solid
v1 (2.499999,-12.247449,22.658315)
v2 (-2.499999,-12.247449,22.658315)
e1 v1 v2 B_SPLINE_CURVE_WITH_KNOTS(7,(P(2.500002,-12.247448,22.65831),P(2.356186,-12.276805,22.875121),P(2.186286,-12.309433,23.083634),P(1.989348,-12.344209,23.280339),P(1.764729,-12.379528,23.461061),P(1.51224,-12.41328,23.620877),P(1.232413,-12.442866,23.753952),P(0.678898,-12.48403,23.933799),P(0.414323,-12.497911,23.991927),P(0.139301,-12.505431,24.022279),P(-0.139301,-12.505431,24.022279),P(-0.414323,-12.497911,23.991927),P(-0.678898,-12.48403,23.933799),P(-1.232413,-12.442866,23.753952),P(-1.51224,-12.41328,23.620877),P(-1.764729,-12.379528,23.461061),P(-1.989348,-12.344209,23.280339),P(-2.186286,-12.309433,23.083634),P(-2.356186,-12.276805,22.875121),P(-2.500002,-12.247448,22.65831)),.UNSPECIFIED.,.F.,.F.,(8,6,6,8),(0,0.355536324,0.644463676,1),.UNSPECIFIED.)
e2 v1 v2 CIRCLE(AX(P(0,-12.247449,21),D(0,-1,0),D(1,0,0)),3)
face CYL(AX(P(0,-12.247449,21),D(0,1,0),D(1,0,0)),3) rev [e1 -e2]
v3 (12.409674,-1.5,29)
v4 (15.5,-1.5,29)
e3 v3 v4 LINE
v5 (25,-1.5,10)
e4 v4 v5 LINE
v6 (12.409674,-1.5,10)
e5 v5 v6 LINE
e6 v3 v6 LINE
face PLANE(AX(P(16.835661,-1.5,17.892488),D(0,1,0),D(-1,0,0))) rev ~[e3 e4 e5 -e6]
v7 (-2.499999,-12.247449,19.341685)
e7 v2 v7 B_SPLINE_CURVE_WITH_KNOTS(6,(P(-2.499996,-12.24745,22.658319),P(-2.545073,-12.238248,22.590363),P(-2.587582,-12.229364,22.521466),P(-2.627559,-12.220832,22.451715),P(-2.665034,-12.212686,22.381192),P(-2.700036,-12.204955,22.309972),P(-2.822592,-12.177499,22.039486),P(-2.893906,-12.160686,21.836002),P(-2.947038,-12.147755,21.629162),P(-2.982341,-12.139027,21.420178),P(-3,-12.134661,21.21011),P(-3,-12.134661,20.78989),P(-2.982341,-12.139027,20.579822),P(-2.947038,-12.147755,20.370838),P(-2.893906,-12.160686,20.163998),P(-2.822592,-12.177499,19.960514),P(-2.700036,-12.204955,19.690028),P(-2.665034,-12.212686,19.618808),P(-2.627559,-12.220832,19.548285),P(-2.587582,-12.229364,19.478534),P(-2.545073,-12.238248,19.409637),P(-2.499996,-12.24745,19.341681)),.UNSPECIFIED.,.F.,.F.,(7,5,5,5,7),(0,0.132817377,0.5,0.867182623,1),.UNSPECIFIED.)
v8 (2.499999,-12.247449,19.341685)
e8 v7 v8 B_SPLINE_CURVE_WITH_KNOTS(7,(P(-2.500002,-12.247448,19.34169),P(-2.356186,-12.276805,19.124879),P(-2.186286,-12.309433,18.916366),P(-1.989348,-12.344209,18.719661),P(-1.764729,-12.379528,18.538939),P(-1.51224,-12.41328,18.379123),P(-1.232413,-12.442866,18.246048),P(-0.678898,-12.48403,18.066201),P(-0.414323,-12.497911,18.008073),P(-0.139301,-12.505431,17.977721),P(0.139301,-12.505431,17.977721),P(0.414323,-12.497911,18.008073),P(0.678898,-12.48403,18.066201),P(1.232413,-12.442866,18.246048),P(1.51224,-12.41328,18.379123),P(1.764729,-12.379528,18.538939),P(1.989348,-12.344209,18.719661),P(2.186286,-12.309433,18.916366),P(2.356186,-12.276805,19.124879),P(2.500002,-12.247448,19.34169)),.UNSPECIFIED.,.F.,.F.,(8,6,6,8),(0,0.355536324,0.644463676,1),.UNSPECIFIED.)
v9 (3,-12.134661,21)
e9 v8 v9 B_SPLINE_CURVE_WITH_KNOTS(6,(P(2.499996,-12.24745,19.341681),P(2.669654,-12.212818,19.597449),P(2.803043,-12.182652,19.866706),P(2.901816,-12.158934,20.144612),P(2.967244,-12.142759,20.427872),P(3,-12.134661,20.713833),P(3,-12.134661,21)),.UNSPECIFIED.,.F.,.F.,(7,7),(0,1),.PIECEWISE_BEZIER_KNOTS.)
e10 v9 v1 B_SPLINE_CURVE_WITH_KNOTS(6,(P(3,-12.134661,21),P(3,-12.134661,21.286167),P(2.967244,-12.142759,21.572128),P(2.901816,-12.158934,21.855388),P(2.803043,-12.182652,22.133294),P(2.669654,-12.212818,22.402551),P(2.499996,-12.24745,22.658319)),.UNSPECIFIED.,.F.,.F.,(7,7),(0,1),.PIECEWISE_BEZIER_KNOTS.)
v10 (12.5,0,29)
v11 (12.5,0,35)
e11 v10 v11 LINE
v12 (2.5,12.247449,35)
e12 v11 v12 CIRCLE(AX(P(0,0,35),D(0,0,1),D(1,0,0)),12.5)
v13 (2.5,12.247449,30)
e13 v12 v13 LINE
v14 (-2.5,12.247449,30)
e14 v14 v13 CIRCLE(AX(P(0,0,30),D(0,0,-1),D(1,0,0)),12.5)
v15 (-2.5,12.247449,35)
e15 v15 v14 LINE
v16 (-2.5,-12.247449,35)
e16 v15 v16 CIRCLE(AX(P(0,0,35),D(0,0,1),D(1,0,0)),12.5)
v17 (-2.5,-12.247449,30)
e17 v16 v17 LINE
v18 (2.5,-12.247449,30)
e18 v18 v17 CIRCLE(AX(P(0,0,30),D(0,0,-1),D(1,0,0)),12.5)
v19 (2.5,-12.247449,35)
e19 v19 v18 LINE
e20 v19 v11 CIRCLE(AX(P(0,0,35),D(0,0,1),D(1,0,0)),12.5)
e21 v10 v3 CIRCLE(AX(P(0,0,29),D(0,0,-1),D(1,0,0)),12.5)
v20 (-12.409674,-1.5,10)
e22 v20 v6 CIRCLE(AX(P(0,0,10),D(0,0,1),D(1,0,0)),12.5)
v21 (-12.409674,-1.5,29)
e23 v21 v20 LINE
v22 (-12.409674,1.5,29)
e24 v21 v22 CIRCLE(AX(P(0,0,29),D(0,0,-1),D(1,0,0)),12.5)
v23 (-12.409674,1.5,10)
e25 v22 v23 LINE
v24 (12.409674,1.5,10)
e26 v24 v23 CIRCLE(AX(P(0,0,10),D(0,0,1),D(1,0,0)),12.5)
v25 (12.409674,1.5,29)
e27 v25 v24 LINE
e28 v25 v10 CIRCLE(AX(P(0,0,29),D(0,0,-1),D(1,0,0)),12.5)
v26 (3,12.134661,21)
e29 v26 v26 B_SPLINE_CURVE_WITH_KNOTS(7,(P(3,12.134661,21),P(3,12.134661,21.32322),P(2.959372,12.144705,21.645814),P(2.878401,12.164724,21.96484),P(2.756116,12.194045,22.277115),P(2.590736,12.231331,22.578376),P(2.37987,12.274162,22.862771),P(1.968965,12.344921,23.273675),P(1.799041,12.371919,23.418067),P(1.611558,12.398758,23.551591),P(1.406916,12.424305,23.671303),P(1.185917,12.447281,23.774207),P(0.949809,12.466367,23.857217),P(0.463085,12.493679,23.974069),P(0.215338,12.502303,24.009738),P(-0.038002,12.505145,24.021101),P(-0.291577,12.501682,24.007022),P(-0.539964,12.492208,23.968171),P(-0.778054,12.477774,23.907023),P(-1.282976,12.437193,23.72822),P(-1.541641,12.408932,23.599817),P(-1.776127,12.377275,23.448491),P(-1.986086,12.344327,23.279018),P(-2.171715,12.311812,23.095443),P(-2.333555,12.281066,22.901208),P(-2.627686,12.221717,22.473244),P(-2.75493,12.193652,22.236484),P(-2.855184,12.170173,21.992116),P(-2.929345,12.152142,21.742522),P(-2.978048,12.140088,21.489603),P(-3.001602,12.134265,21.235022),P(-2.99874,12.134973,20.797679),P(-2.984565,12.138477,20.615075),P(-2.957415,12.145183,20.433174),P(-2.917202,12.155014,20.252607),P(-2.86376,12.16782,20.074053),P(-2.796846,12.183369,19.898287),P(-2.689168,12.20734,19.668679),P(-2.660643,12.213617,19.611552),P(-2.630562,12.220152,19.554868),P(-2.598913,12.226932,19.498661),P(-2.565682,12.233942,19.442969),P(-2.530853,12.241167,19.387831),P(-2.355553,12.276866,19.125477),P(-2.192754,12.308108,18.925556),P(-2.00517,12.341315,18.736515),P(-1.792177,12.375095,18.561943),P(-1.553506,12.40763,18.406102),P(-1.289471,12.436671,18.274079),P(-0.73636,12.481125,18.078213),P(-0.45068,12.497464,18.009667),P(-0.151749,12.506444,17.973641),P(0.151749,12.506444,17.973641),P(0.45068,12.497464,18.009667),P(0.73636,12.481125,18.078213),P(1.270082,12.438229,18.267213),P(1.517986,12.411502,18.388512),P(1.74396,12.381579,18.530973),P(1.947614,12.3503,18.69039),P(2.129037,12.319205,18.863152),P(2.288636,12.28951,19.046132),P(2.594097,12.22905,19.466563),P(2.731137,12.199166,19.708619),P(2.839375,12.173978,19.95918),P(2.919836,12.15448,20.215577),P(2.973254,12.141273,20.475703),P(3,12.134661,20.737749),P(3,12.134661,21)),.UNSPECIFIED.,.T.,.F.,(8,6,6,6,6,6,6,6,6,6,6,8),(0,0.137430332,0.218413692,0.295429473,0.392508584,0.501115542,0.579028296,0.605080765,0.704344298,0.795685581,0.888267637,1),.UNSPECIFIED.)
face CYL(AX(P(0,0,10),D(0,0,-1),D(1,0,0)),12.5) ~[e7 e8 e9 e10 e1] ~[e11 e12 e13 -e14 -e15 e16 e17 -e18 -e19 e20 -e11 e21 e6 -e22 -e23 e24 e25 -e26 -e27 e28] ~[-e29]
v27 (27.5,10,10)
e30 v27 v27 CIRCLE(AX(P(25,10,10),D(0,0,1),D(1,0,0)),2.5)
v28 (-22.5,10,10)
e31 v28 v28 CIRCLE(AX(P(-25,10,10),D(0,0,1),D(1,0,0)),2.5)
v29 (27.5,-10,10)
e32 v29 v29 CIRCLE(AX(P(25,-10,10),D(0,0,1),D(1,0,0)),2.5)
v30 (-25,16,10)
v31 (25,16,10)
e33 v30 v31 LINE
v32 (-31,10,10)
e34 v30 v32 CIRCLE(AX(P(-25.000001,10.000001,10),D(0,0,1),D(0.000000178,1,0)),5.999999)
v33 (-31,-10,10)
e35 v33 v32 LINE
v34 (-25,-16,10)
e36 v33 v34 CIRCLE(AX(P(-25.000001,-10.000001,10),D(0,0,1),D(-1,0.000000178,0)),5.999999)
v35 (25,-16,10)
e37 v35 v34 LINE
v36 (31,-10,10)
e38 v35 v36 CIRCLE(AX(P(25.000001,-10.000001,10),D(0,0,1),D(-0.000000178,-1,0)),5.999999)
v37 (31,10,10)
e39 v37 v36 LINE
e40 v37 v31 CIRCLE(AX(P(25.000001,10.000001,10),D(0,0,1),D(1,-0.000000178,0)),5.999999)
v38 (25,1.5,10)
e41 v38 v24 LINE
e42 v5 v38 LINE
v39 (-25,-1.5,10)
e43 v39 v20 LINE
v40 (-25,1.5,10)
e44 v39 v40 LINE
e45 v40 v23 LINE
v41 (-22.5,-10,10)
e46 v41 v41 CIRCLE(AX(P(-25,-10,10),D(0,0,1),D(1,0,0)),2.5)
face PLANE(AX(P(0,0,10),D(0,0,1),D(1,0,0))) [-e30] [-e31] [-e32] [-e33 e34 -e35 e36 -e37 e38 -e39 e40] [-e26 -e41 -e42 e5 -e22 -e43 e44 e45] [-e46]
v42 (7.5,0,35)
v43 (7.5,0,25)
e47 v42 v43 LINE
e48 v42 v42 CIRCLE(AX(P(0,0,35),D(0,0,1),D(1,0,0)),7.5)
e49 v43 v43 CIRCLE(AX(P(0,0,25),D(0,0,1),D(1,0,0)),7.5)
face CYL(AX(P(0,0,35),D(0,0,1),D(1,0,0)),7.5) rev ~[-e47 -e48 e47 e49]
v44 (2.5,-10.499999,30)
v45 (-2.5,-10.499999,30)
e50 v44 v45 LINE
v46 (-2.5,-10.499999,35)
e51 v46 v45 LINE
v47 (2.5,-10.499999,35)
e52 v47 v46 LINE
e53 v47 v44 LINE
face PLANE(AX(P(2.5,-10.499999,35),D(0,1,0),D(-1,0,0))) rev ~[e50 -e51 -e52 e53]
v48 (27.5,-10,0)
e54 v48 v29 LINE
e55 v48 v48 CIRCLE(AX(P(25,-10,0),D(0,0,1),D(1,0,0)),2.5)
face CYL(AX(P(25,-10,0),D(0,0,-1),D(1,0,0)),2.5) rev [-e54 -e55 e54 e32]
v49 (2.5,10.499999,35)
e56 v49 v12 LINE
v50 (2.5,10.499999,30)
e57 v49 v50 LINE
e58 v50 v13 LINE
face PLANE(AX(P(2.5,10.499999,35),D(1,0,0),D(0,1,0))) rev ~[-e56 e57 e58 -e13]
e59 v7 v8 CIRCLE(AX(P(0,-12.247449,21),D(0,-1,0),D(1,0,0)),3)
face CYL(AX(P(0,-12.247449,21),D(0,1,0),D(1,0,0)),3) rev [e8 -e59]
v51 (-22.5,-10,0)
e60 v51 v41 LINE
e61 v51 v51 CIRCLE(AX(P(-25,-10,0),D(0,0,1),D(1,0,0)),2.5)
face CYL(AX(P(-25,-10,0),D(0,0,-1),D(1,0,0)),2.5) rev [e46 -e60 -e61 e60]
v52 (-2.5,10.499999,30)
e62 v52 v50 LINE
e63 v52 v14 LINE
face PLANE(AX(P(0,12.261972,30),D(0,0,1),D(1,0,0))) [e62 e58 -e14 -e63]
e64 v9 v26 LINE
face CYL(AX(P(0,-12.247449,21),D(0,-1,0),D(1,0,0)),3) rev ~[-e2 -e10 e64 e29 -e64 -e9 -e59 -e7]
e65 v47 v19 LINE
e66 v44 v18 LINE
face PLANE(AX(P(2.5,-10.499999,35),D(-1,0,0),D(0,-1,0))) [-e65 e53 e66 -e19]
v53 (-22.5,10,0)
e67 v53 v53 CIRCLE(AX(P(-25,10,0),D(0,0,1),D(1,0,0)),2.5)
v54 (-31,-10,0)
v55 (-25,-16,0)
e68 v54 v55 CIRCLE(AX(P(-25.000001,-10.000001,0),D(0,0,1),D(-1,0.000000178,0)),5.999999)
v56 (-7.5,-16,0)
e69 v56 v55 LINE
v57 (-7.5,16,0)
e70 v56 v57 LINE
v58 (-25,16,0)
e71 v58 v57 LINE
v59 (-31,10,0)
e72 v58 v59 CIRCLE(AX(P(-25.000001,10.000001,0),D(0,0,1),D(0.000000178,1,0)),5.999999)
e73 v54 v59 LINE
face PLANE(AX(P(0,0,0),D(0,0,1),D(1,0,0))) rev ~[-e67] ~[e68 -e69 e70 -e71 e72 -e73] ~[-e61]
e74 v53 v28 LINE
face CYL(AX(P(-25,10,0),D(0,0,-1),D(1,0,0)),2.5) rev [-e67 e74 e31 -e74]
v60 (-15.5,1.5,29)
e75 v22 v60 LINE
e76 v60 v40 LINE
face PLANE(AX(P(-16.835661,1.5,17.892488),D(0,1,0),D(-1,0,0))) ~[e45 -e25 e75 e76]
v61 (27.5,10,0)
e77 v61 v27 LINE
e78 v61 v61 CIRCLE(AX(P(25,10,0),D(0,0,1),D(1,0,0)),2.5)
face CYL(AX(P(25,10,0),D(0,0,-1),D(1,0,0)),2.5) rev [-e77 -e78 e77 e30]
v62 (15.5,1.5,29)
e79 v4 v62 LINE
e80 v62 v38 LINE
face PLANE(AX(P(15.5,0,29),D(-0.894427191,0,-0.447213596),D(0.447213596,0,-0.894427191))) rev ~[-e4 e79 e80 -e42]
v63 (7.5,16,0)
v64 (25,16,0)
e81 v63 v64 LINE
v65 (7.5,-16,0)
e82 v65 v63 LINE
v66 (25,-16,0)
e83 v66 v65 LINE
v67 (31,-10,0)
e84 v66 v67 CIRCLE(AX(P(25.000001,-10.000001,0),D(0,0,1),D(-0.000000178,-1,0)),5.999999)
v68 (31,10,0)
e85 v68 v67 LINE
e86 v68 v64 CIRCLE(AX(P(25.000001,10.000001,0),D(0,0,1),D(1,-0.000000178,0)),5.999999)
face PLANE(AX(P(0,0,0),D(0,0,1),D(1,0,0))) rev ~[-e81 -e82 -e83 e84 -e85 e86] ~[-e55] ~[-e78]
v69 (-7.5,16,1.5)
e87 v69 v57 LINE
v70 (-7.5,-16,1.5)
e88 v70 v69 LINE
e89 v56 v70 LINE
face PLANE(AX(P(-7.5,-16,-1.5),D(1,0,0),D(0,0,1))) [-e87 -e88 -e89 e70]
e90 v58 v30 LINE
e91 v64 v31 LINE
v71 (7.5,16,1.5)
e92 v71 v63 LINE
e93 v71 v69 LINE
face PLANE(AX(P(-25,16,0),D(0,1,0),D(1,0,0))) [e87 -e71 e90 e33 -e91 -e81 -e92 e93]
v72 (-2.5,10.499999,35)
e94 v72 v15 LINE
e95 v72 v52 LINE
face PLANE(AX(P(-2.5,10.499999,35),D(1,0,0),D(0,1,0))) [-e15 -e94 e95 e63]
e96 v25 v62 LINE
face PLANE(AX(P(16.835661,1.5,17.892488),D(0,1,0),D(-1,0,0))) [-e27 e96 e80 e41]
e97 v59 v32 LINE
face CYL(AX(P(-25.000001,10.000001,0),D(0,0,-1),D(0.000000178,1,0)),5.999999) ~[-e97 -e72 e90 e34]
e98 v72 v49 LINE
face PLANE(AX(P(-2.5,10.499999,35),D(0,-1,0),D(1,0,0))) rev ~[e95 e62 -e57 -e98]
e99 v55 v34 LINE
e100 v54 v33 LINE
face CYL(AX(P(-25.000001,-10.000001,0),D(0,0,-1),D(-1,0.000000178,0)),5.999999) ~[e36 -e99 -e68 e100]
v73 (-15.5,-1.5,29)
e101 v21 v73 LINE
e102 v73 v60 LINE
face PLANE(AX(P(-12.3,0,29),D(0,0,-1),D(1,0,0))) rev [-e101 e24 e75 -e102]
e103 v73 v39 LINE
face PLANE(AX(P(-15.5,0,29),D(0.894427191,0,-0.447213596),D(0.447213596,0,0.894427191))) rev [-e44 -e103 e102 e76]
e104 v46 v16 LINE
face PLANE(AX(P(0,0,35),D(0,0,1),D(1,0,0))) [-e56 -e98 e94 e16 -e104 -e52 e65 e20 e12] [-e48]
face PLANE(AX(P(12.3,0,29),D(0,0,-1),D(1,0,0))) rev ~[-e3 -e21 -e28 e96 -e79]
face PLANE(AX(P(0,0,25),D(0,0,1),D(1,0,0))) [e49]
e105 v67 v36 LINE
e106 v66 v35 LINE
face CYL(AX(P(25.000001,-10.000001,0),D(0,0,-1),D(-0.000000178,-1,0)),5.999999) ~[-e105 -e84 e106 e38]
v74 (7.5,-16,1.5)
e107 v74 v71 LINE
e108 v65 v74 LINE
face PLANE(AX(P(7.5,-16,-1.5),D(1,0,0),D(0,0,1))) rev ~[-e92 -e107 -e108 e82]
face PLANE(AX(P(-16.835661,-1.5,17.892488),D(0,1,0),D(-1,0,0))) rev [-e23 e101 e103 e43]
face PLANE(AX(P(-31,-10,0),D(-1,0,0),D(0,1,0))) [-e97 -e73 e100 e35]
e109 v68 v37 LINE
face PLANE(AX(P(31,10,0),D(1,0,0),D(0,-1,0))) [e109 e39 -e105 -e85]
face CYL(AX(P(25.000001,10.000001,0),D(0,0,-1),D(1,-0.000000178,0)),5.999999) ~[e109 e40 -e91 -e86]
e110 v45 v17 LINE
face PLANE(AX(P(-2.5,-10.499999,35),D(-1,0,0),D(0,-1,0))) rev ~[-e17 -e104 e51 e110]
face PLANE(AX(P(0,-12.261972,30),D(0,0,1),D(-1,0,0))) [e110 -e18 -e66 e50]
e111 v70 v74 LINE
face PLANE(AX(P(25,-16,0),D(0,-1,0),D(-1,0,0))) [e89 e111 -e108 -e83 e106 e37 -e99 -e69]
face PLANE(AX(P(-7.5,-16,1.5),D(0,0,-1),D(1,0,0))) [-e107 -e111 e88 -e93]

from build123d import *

# Parameters (mm, degrees)
SKETCH_R             = 2.5
PAD_DEPTH            = 10
SKETCH001_R          = 12.5
PAD001_DEPTH         = 25
SKETCH002_R          = 7.5
POCKET_DEPTH         = 10
SKETCH003_W          = 5
SKETCH003_H          = 3.523945
POCKET001_DEPTH      = 5
POLARPATTERN_COUNT   = 2
PAD002_DEPTH         = 1.5
SKETCH005_R          = 3
POCKET002_DEPTH      = 28.248449
POCKET002_DEPTH_BACK = -3.753551
SKETCH006_W          = 15
SKETCH006_H          = 3
POCKET003_DEPTH      = 32.001


with BuildPart() as part:
    # Sketch → Pad (new body)
    with BuildSketch(Plane.XY):
        with BuildLine():
            ThreePointArc((-25, 16), (-29.242641, 14.242641), (-31, 10))
            Line((-31, -10), (-31, 10))
            ThreePointArc((-31, -10), (-29.242641, -14.242641), (-25, -16))
            Line((25, -16), (-25, -16))
            ThreePointArc((25, -16), (29.242641, -14.242641), (31, -10))
            Line((31, 10), (31, -10))
            ThreePointArc((31, 10), (29.242641, 14.242641), (25, 16))
            Line((-25, 16), (25, 16))
        make_face()
        with Locations((-25, -10)):
            Circle(SKETCH_R, mode=Mode.SUBTRACT)
        with Locations((-25, 10)):
            Circle(SKETCH_R, mode=Mode.SUBTRACT)
        with Locations((25, -10)):
            Circle(SKETCH_R, mode=Mode.SUBTRACT)
        with Locations((25, 10)):
            Circle(SKETCH_R, mode=Mode.SUBTRACT)
    extrude(amount=PAD_DEPTH)

    # Sketch001 (on Face14 of Pad) → Pad001 (join)
    with BuildSketch(Plane.XY.offset(10)):
        Circle(SKETCH001_R)
    extrude(amount=PAD001_DEPTH)

    # Sketch002 (on Face16 of Pad001) → Pocket (cut)
    with BuildSketch(Plane.XY.offset(35)):
        Circle(SKETCH002_R)
    extrude(amount=-POCKET_DEPTH, mode=Mode.SUBTRACT)

    # Sketch003 (on Face16 of Pocket) → Pocket001 (cut)
    with BuildSketch(Plane.XY.offset(35)):
        with Locations((0, 12.261972)):
            Rectangle(SKETCH003_W, SKETCH003_H)
    pocket001 = extrude(amount=-POCKET001_DEPTH, mode=Mode.SUBTRACT)

    # PolarPattern: Pocket001 ×2 about axis
    polarpattern_axis = Axis((0, 0, 35), (0, 0, 1))
    for i in range(1, POLARPATTERN_COUNT):
        add(pocket001.rotate(polarpattern_axis, i * 360 / POLARPATTERN_COUNT), mode=Mode.SUBTRACT)

    # Sketch004 (on DatumPlane) → Pad002 (join, symmetric)
    with BuildSketch(Plane(origin=(12.5, 0, 35), x_dir=(1, 0, 0), z_dir=(0, -1, 0))):
        Polygon((-0.2, -6), (3, -6), (12.5, -25), (-0.2, -25), align=None)
    pad002 = extrude(amount=PAD002_DEPTH, both=True)

    # Mirrored: Pad002 across YZ
    add(pad002.mirror(Plane.YZ))

    # Sketch005 (on DatumPlane) → Pocket002 (cut, two sides)
    with BuildSketch(Plane(origin=(0, -12.247449, 30), x_dir=(1, 0, 0), z_dir=(0, -1, 0))) as pocket002_sk:
        with Locations((0, -9)):
            Circle(SKETCH005_R)
    extrude(amount=-POCKET002_DEPTH, mode=Mode.SUBTRACT)
    extrude(pocket002_sk.sketch, amount=-POCKET002_DEPTH_BACK, mode=Mode.SUBTRACT)

    # Sketch006 (on Face8 of Pocket002) → Pocket003 (cut, through all)
    with BuildSketch(Plane.XZ.offset(16)):
        Rectangle(SKETCH006_W, SKETCH006_H)
    extrude(amount=-POCKET003_DEPTH, mode=Mode.SUBTRACT)


solid = part.part
